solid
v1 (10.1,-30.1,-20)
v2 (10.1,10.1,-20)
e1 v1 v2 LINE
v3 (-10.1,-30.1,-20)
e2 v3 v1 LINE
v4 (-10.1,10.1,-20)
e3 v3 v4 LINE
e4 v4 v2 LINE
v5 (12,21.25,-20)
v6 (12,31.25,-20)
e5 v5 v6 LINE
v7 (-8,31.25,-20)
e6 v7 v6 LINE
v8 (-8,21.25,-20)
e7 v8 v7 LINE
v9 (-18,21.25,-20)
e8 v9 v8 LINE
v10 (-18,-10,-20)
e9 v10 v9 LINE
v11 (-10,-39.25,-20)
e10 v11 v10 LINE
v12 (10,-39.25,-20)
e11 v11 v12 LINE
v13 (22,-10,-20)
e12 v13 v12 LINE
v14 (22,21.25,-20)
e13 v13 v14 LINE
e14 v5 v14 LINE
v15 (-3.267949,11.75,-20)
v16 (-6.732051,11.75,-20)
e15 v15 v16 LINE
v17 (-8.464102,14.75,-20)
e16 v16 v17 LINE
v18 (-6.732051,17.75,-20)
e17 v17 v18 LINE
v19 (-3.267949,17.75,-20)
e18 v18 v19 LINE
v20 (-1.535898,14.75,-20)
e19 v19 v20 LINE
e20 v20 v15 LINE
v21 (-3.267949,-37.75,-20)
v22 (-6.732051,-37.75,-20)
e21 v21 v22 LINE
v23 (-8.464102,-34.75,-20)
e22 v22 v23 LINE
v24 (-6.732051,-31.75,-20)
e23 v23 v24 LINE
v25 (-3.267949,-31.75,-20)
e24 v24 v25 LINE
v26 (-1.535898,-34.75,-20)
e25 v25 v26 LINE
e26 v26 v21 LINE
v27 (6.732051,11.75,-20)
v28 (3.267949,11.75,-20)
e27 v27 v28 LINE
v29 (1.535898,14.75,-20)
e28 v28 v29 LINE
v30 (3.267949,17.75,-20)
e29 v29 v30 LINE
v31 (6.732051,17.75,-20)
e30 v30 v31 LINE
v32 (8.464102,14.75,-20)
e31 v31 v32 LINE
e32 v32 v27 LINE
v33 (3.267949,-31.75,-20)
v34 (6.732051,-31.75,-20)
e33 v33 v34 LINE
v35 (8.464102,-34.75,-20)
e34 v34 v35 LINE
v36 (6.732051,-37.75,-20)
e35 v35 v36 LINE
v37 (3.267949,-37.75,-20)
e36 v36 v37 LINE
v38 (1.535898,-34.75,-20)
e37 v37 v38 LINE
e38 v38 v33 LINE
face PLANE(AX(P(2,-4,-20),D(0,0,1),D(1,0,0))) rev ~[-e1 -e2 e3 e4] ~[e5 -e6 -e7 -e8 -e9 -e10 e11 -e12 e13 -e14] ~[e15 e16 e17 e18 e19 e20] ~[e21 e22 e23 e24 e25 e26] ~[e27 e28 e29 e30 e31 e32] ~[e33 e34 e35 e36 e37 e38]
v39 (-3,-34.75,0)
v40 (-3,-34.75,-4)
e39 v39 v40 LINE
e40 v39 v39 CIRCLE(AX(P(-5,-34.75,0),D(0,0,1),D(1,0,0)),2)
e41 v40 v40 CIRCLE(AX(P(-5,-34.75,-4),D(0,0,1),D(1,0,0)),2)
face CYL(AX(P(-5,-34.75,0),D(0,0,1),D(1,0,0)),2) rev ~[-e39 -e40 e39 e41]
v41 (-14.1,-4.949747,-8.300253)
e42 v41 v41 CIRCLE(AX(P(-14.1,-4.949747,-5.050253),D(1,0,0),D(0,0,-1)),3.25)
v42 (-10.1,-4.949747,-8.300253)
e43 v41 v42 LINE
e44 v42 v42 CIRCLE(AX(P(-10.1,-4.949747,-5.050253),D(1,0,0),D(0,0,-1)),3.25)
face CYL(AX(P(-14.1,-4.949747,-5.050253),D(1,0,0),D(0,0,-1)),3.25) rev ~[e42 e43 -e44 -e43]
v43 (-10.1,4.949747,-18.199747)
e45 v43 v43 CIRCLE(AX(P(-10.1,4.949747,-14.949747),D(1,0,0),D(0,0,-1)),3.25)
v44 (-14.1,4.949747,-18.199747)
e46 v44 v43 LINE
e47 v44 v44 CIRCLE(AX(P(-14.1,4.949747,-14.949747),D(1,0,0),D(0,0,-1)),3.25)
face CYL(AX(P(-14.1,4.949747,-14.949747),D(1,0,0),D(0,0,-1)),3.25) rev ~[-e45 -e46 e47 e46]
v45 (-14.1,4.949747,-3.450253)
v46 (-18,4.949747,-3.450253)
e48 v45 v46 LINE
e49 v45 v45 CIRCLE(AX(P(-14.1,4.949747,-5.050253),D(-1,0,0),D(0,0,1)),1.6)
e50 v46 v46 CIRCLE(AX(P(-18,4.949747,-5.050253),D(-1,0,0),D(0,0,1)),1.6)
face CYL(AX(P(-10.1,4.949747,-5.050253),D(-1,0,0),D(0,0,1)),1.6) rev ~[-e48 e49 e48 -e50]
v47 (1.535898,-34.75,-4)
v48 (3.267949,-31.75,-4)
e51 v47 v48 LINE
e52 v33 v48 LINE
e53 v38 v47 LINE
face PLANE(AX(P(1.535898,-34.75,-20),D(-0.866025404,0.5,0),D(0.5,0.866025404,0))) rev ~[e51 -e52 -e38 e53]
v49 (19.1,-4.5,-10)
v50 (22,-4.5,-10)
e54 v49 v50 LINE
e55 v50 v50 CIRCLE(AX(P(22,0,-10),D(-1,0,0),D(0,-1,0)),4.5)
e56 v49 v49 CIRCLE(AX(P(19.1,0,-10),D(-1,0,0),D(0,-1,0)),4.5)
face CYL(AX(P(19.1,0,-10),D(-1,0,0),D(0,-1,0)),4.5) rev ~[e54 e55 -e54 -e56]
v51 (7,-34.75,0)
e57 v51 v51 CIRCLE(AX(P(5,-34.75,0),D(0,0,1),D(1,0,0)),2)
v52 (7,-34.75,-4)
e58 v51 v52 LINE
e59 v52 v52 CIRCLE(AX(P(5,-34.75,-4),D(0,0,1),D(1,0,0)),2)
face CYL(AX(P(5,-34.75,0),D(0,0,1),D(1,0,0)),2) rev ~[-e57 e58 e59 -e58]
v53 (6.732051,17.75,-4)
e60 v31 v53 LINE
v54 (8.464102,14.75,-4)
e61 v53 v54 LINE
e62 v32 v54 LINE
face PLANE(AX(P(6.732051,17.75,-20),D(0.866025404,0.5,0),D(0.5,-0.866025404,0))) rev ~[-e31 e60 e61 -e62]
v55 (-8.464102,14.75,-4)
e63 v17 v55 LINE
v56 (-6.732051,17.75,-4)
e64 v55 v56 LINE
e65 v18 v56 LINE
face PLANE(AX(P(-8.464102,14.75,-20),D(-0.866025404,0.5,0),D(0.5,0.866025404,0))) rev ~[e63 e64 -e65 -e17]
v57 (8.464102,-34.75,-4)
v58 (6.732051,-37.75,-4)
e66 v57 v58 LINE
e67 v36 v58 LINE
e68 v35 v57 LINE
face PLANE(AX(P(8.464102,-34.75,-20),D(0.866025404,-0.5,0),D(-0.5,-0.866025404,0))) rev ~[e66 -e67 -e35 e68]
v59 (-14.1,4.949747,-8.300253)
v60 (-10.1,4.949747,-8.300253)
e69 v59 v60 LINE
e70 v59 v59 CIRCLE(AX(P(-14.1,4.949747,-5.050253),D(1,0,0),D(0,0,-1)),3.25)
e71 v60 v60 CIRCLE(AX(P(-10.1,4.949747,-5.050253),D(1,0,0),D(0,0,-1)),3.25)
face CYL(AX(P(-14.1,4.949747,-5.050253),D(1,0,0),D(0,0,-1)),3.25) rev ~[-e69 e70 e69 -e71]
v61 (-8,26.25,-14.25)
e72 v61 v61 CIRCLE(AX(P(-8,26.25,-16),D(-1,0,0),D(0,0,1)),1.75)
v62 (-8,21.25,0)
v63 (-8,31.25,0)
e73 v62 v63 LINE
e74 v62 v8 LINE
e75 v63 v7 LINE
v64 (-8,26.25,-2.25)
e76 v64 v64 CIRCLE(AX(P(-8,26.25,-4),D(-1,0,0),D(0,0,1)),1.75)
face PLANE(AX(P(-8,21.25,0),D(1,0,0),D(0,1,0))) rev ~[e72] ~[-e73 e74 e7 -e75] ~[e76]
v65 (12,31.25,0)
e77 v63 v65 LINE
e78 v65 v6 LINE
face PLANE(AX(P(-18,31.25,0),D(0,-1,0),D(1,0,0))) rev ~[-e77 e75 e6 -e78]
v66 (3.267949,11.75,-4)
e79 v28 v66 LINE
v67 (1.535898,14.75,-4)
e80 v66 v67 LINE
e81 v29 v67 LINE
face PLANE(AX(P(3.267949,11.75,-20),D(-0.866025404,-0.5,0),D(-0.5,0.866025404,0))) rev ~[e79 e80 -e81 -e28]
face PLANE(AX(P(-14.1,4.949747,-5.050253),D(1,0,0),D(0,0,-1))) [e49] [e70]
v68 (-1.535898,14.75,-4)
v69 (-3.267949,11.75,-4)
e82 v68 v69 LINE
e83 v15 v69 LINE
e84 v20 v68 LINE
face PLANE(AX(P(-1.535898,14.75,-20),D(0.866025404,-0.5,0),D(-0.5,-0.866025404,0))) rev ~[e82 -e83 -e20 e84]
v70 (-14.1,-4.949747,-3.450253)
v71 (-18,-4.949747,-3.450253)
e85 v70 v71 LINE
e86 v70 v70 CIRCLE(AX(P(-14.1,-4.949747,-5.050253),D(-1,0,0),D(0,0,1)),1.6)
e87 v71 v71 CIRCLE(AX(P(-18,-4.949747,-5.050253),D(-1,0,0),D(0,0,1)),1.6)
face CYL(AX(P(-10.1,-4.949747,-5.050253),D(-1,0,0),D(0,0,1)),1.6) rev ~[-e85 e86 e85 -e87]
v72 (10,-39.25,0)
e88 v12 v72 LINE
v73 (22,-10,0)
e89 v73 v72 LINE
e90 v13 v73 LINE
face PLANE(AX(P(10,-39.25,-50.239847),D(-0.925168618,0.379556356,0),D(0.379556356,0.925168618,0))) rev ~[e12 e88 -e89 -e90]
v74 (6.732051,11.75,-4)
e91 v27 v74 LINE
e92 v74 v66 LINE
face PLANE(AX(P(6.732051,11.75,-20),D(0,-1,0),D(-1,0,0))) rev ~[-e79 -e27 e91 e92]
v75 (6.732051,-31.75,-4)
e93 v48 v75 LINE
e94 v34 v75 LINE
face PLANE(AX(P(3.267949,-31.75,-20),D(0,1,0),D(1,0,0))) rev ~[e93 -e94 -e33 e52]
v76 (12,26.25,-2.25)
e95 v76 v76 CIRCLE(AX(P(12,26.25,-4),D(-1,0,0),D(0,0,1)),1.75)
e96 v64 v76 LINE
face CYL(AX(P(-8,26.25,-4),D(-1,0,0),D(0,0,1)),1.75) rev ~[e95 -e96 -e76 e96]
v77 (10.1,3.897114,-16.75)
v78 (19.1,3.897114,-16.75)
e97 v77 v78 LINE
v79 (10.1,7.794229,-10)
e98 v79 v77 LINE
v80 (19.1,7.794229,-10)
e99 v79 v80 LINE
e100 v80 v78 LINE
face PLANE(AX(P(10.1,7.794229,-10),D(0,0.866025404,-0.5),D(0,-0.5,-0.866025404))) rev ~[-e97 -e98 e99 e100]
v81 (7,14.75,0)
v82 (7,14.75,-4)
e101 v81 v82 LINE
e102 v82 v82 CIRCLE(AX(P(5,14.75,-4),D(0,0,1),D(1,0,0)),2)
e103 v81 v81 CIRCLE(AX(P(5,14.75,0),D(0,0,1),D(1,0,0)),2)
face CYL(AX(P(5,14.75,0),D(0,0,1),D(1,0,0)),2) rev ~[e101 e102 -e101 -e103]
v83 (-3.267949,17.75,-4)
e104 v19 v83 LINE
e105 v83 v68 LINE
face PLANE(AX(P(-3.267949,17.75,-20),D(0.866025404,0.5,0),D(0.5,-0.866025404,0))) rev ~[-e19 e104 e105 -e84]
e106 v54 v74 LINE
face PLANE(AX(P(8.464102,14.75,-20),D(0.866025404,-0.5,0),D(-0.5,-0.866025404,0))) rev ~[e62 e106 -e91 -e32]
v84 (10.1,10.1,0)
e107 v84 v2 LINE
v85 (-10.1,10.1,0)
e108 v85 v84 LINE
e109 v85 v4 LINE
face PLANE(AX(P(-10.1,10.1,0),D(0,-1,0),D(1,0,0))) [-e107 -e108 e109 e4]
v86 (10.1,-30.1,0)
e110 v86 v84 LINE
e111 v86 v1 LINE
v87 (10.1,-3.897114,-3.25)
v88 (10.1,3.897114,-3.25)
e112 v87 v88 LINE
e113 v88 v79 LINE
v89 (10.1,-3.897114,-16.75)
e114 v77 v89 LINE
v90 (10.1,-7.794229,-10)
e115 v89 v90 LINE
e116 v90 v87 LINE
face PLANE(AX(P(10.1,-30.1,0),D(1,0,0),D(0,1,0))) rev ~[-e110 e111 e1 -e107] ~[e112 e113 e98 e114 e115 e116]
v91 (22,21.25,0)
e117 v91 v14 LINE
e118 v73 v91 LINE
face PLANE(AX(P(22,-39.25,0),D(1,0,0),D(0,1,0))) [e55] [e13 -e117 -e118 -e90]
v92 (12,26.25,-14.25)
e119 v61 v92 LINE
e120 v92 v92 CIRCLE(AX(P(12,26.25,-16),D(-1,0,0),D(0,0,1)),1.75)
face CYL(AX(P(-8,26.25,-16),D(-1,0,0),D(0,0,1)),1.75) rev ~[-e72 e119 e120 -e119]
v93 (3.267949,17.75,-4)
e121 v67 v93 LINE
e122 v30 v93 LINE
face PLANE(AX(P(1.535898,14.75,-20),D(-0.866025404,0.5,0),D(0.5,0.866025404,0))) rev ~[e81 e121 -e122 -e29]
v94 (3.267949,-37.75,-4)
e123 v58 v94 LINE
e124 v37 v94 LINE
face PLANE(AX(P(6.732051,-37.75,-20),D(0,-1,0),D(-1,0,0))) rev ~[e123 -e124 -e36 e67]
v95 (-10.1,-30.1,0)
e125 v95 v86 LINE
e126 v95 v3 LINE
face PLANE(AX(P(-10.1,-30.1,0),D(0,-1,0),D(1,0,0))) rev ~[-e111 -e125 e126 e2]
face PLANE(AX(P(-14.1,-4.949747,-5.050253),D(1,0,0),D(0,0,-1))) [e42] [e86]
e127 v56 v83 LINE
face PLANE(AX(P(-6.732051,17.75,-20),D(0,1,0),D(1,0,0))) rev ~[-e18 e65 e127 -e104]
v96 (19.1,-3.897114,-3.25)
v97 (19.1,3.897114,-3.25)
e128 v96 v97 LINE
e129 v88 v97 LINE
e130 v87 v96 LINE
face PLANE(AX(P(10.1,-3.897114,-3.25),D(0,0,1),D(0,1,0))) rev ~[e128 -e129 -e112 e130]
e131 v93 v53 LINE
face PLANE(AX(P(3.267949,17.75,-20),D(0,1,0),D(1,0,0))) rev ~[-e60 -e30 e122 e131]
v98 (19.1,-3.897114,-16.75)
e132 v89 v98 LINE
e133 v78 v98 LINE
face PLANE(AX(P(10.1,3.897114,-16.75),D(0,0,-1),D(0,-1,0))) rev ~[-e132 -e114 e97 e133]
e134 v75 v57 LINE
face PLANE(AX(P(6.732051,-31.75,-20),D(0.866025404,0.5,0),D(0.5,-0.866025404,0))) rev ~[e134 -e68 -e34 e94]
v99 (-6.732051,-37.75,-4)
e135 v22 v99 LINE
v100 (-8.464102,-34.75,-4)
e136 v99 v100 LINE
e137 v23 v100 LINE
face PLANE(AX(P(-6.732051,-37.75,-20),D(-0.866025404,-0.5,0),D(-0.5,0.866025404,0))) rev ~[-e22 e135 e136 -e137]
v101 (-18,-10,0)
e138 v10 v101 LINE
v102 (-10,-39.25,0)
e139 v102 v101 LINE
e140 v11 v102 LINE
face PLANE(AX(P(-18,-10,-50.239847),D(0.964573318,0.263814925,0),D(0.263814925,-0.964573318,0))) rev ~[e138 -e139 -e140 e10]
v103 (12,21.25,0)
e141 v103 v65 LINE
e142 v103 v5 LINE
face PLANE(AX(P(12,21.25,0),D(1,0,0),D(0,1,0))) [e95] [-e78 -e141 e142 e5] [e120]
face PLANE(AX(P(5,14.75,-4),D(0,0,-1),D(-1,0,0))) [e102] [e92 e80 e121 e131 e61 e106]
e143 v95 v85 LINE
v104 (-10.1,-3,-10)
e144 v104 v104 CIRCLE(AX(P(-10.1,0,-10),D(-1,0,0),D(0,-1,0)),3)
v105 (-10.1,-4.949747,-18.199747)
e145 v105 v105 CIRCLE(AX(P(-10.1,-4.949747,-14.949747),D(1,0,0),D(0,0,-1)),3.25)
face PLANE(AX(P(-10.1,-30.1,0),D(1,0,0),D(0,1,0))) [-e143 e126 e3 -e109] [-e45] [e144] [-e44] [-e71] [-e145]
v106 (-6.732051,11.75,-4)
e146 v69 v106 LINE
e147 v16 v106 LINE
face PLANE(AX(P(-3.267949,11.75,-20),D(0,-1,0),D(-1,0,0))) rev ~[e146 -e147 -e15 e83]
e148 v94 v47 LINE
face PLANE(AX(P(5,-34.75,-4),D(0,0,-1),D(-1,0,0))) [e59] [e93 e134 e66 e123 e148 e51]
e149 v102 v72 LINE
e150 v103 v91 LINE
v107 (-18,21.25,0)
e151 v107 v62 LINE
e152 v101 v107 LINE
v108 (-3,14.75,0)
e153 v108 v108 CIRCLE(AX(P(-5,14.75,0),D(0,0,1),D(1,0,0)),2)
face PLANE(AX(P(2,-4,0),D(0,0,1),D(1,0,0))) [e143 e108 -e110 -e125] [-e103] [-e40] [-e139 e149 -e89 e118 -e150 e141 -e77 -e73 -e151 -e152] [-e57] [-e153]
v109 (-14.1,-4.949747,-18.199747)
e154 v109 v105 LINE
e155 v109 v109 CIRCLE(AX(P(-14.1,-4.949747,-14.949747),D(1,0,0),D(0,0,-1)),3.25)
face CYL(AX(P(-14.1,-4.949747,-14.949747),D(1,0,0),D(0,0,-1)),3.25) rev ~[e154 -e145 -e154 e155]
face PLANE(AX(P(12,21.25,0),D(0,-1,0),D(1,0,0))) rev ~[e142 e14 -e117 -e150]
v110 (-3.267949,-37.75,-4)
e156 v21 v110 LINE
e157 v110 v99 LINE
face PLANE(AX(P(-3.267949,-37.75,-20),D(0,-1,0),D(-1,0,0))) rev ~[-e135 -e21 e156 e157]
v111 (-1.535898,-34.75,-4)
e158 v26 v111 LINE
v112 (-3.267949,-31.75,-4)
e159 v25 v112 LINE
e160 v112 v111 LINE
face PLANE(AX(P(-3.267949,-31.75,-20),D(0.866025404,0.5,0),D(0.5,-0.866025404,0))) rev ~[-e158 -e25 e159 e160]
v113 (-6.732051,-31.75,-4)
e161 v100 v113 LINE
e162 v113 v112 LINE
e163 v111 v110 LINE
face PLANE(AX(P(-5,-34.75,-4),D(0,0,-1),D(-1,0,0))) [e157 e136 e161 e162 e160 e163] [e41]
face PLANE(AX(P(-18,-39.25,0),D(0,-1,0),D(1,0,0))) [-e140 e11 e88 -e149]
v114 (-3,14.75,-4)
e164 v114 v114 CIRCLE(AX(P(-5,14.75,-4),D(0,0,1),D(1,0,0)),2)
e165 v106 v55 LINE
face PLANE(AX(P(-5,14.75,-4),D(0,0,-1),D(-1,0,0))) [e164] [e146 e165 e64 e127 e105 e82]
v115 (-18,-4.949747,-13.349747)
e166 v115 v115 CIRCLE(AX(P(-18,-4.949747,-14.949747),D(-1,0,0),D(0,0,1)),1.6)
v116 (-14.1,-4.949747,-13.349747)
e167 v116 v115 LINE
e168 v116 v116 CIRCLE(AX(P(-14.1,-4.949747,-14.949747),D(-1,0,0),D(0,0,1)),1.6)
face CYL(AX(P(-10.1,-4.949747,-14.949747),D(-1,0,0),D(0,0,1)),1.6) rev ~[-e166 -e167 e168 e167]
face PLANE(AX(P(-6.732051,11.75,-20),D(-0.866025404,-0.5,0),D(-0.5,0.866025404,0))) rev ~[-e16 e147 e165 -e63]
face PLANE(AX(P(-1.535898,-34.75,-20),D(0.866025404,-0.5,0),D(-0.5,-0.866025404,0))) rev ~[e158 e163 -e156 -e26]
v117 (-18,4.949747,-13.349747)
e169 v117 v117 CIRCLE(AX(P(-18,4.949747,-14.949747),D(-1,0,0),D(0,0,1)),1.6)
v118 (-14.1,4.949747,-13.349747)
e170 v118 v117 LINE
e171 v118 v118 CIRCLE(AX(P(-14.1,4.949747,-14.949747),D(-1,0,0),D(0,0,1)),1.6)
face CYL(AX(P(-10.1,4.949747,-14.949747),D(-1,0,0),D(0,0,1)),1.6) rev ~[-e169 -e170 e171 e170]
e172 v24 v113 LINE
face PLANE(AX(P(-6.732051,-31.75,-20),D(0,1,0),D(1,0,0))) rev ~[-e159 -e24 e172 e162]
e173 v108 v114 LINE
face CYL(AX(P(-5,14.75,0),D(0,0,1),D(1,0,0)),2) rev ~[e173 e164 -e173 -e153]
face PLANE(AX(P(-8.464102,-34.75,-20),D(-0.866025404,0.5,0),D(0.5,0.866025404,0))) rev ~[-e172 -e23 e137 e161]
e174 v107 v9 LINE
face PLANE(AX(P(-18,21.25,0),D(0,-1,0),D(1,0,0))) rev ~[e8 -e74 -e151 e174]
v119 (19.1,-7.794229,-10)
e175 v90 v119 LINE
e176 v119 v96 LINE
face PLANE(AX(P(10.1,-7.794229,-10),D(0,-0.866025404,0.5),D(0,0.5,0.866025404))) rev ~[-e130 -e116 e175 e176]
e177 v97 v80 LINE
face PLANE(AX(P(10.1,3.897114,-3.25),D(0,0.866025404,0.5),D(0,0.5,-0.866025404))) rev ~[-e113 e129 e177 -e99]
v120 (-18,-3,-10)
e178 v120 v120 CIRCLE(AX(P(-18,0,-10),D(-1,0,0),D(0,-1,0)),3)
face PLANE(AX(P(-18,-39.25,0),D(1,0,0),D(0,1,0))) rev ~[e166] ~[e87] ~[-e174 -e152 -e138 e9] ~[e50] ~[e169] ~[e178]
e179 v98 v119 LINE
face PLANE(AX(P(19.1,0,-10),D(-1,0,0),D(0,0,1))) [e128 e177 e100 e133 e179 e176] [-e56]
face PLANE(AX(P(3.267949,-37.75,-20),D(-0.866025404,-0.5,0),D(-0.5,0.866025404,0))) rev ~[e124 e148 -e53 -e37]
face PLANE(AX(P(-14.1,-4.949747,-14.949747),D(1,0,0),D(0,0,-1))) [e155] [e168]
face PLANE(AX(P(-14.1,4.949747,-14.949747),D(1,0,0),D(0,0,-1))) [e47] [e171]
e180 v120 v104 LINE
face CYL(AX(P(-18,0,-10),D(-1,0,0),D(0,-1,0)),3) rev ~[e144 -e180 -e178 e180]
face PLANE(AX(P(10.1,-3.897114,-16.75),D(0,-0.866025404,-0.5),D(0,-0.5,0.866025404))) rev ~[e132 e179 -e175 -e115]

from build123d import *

# Parameters (mm, degrees)
SKETCH1_W                                           = 40
SKETCH1_H                                           = 70.5
BOSS_EXTRUDE1_DEPTH                                 = 20
SKETCH2_W                                           = 20.2
SKETCH2_H                                           = 40.2
CUT_EXTRUDE1_DEPTH                                  = 30
CBORE_FOR_M3_HEX_SOCKET_HEAD_CAP_SCREW1_D           = 3.2
CBORE_FOR_M3_HEX_SOCKET_HEAD_CAP_SCREW1_DEPTH       = 7.9
CBORE_FOR_M3_HEX_SOCKET_HEAD_CAP_SCREW1_CBORE_D     = 6.5
CBORE_FOR_M3_HEX_SOCKET_HEAD_CAP_SCREW1_CBORE_DEPTH = 4
CUT_EXTRUDE2_DEPTH                                  = 9
SKETCH8_R                                           = 4.5
CUT_EXTRUDE3_DEPTH                                  = 58.593163657
CUT_EXTRUDE4_DEPTH                                  = 50.239846669
CUT_EXTRUDE4_DEPTH_BACK                             = 50.239846669
SKETCH12_R                                          = 2
CUT_EXTRUDE5_DEPTH                                  = 50.239846669
CUT_EXTRUDE6_DEPTH                                  = 16
SKETCH15_W                                          = 10
SKETCH15_H                                          = 10
CUT_EXTRUDE7_DEPTH                                  = 50.239846669
SKETCH16_R                                          = 1.75
CUT_EXTRUDE8_DEPTH                                  = 54.296927679
CUT_EXTRUDE9_REACH                                  = 61.503
SKETCH17_R                                          = 3


with BuildPart() as part:
    # Sketch1 → Boss-Extrude1 (new body)
    with BuildSketch(Plane.XY):
        with Locations((2, -4)):
            Rectangle(SKETCH1_W, SKETCH1_H)
    extrude(amount=-BOSS_EXTRUDE1_DEPTH)

    # Sketch2 → Cut-Extrude1 (cut)
    with BuildSketch(Plane.XY):
        with Locations((0, -10)):
            Rectangle(SKETCH2_W, SKETCH2_H)
    extrude(amount=-CUT_EXTRUDE1_DEPTH, mode=Mode.SUBTRACT)

    # CBORE for M3 Hex Socket Head Cap Screw1
    with Locations(Plane(origin=(-10.1, 0, 0), x_dir=(0, 0, -1), z_dir=(1, 0, 0))):
        with Locations((5.050252532, 4.949747468), (14.949747468, 4.949747468), (14.949747468, -4.949747468), (5.050252532, -4.949747468)):
            CounterBoreHole(CBORE_FOR_M3_HEX_SOCKET_HEAD_CAP_SCREW1_D / 2, CBORE_FOR_M3_HEX_SOCKET_HEAD_CAP_SCREW1_CBORE_D / 2, CBORE_FOR_M3_HEX_SOCKET_HEAD_CAP_SCREW1_CBORE_DEPTH, depth=CBORE_FOR_M3_HEX_SOCKET_HEAD_CAP_SCREW1_DEPTH)

    # Sketch7 → Cut-Extrude2 (cut)
    with BuildSketch(Plane.ZY.offset(-10.1)):
        Polygon((-10, 7.794228634), (-16.75, 3.897114317), (-16.75, -3.897114317), (-10, -7.794228634), (-3.25, -3.897114317), (-3.25, 3.897114317), align=None)
    extrude(amount=-CUT_EXTRUDE2_DEPTH, mode=Mode.SUBTRACT)

    # Sketch8 → Cut-Extrude3 (cut, through all)
    with BuildSketch(Plane.ZY.offset(-19.1)):
        with Locations(Location((-10, 0, 0), (0, 0, 270))):
            Circle(SKETCH8_R)
    extrude(amount=-CUT_EXTRUDE3_DEPTH, mode=Mode.SUBTRACT)

    # Sketch9 → Cut-Extrude4 (cut, two sides: drawn at the far end of the back side and taken through both)
    with BuildSketch(Plane.XY.offset(-CUT_EXTRUDE4_DEPTH_BACK)):
        Polygon((-18, -10), (-10, -39.25), (-18, -39.25), align=None)
        Polygon((10, -39.25), (22, -10), (22, -39.25), align=None)
    extrude(amount=CUT_EXTRUDE4_DEPTH + CUT_EXTRUDE4_DEPTH_BACK, mode=Mode.SUBTRACT)

    # Sketch12 → Cut-Extrude5 (cut, through all)
    with BuildSketch(Plane.XY):
        with Locations((-5, -34.75)):
            Circle(SKETCH12_R)
        with Locations((5, -34.75)):
            Circle(SKETCH12_R)
        with Locations((5, 14.75)):
            Circle(SKETCH12_R)
        with Locations((-5, 14.75)):
            Circle(SKETCH12_R)
    extrude(amount=-CUT_EXTRUDE5_DEPTH, mode=Mode.SUBTRACT)

    # Sketch13 → Cut-Extrude6 (cut)
    with BuildSketch(Plane(origin=(0, 0, -20), x_dir=(-1, 0, 0), z_dir=(0, 0, -1))):
        Polygon((-1.535898385, 14.75), (-3.267949192, 17.75), (-6.732050808, 17.75), (-8.464101615, 14.75), (-6.732050808, 11.75), (-3.267949192, 11.75), align=None)
        Polygon((3.267949192, 17.75), (1.535898385, 14.75), (3.267949192, 11.75), (6.732050808, 11.75), (8.464101615, 14.75), (6.732050808, 17.75), align=None)
        Polygon((-6.732050808, -31.75), (-8.464101615, -34.75), (-6.732050808, -37.75), (-3.267949192, -37.75), (-1.535898385, -34.75), (-3.267949192, -31.75), align=None)
        Polygon((3.267949192, -31.75), (1.535898385, -34.75), (3.267949192, -37.75), (6.732050808, -37.75), (8.464101615, -34.75), (6.732050808, -31.75), align=None)
    extrude(amount=-CUT_EXTRUDE6_DEPTH, mode=Mode.SUBTRACT)

    # Sketch15 → Cut-Extrude7 (cut, through all)
    with BuildSketch(Plane.XY):
        with Locations((-13, 26.25)):
            Rectangle(SKETCH15_W, SKETCH15_H)
        with Locations((17, 26.25)):
            Rectangle(SKETCH15_W, SKETCH15_H)
    extrude(amount=-CUT_EXTRUDE7_DEPTH, mode=Mode.SUBTRACT)

    # Sketch16 → Cut-Extrude8 (cut, through all)
    with BuildSketch(Plane.ZY.offset(8)):
        with Locations((-16, 26.25)):
            Circle(SKETCH16_R)
        with Locations((-4, 26.25)):
            Circle(SKETCH16_R)
    extrude(amount=-CUT_EXTRUDE8_DEPTH, mode=Mode.SUBTRACT)

    # Sketch17 → Cut-Extrude9 (cut, up to next)
    with BuildSketch(Plane.ZY.offset(18), mode=Mode.PRIVATE) as cut_extrude9_sk1:
        with Locations(Location((-10, 0, 0), (0, 0, 270))):
            Circle(SKETCH17_R)
    cut_extrude9_tool1 = extrude(cut_extrude9_sk1.sketch, amount=-CUT_EXTRUDE9_REACH, mode=Mode.PRIVATE) & part.part
    add(cut_extrude9_tool1.solids().sort_by_distance((-18, 0, -10))[0], mode=Mode.SUBTRACT)


solid = part.part
